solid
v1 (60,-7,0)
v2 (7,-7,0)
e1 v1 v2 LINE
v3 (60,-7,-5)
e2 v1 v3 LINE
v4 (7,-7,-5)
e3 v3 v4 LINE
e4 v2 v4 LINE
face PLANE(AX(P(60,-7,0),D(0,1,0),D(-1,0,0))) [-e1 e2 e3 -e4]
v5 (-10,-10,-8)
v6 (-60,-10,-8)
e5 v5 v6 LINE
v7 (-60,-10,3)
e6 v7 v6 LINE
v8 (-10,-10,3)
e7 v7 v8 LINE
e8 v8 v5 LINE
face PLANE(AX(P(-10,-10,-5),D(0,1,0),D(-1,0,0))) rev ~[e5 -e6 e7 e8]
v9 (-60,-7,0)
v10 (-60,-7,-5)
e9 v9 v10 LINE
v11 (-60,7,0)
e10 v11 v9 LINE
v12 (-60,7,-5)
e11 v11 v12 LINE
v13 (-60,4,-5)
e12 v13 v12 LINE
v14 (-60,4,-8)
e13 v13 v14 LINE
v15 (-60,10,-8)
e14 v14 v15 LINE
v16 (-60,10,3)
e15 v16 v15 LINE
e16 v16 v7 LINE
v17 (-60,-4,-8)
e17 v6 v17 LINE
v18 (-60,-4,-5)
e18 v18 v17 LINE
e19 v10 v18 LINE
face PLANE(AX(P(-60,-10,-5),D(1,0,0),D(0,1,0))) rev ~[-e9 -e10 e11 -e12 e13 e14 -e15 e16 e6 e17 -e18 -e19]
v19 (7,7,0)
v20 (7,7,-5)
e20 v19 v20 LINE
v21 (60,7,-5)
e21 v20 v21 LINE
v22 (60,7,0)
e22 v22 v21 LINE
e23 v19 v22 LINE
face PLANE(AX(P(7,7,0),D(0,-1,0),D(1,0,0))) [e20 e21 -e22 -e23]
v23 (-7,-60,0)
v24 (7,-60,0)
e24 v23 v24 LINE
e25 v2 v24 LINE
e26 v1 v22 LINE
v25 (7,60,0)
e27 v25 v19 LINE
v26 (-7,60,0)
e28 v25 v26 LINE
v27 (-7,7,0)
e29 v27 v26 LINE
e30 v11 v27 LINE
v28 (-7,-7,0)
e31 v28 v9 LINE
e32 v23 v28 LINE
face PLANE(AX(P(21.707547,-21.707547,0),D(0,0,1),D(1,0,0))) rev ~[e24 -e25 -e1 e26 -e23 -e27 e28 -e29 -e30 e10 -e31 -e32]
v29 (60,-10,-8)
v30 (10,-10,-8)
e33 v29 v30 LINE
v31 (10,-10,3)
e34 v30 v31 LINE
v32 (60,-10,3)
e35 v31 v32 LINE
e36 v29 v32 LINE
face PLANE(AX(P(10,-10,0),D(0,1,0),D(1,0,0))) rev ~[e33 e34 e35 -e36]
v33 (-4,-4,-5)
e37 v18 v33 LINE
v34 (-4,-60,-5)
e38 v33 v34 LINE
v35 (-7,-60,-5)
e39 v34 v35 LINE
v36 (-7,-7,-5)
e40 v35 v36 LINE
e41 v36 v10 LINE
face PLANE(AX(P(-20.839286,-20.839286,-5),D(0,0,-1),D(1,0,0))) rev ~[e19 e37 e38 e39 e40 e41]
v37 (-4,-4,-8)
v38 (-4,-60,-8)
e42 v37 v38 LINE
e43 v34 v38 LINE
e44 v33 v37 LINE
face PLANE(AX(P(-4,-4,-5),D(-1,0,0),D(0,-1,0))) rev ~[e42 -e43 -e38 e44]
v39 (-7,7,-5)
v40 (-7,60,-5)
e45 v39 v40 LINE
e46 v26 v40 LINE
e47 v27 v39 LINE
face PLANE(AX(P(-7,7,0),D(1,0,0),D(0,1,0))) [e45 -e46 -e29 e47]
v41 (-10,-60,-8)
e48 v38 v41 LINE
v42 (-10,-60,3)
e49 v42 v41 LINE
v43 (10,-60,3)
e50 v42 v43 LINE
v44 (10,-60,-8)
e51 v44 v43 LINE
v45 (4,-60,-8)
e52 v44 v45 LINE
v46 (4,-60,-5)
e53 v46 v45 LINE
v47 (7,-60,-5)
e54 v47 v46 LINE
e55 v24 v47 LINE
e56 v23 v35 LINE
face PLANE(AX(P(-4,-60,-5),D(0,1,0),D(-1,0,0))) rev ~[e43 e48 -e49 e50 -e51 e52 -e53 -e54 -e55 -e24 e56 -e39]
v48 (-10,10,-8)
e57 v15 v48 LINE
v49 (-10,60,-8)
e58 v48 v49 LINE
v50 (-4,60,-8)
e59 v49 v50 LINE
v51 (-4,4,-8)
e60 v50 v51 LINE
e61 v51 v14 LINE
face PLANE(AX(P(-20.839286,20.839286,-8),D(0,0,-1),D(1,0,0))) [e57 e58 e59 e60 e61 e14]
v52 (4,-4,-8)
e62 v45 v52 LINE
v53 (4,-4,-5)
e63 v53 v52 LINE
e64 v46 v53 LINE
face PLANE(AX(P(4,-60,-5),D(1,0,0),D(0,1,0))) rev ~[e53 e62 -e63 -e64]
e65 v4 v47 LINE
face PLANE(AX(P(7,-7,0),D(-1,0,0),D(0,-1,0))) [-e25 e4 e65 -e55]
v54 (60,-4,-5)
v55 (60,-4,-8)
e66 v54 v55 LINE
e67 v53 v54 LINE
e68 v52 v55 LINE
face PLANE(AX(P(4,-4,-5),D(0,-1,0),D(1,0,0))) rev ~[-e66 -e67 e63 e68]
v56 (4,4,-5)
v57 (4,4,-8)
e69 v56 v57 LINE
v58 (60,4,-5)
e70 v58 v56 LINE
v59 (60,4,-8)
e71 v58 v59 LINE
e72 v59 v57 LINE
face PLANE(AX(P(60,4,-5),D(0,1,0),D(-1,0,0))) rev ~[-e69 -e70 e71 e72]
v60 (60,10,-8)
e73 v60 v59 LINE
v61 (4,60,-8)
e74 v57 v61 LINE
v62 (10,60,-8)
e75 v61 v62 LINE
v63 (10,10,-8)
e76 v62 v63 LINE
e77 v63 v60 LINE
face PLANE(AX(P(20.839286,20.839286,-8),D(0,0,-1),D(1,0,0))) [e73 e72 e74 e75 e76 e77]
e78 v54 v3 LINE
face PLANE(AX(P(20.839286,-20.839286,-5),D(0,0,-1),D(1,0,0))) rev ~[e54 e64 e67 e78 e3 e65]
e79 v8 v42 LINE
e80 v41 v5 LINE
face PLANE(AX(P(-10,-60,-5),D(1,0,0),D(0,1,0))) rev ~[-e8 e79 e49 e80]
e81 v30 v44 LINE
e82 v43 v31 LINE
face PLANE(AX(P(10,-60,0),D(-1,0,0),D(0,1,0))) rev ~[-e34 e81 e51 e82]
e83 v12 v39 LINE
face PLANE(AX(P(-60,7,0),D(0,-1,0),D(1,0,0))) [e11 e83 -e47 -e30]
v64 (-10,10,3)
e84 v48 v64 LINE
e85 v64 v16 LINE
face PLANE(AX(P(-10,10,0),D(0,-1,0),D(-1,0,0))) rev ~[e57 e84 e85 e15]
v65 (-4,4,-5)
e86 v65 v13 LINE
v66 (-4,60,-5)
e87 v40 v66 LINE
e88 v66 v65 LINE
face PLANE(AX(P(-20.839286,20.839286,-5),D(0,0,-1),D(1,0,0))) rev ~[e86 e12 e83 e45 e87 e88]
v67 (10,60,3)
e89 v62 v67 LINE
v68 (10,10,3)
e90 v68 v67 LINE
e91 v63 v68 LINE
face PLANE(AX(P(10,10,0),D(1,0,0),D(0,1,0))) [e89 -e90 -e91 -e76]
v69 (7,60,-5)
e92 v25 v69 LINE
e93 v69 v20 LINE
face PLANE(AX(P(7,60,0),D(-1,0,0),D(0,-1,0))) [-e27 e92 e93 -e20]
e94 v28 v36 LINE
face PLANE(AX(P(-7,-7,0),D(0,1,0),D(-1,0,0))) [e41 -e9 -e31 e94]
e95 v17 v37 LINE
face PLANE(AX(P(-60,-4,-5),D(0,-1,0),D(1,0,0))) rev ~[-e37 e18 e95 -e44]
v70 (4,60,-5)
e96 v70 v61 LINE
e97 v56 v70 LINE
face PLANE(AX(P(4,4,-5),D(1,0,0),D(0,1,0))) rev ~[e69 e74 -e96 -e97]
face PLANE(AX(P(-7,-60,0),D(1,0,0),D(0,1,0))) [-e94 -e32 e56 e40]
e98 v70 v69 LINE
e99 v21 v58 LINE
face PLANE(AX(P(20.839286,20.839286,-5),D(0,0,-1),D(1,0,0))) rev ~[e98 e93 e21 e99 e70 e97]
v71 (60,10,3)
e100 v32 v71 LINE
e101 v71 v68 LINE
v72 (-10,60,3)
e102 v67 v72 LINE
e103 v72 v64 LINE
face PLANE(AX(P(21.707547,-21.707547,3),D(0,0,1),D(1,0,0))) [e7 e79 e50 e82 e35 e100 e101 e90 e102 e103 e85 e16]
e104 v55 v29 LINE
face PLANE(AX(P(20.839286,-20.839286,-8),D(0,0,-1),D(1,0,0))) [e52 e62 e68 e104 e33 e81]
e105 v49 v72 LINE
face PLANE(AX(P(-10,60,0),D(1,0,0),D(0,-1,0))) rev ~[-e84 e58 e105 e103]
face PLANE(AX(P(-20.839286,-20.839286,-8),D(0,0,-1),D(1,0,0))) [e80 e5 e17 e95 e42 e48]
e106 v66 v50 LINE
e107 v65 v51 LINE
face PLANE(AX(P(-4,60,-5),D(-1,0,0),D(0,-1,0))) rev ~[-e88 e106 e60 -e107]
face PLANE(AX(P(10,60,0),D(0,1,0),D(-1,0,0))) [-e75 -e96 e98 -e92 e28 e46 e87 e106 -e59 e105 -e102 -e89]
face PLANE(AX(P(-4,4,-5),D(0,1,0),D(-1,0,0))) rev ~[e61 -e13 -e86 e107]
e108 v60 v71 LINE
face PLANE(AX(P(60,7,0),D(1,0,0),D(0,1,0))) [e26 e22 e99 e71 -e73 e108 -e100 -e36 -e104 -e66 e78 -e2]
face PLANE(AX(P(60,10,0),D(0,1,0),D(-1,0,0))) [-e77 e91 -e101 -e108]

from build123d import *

# Parameters (mm, degrees)
F1_DEPTH = 3
F2_DEPTH = 5
F4_DEPTH = 3


with BuildPart() as f1:
    # F0 (on Top) → F1 (new body)
    with BuildSketch(Plane.XY):
        Polygon((7, -60), (10, -60), (10, -10), (60, -10), (60, -7), (7, -7), align=None)
        Polygon((-7, -60), (7, -60), (7, -7), (60, -7), (60, 7), (7, 7), (7, 60), (-7, 60), (-7, 7), (-60, 7), (-60, -7), (-7, -7), align=None)
        Polygon((-10, -60), (-7, -60), (-7, -7), (-60, -7), (-60, -10), (-10, -10), align=None)
        Polygon((7, 7), (60, 7), (60, 10), (10, 10), (10, 60), (7, 60), align=None)
        Polygon((-60, 10), (-60, 7), (-7, 7), (-7, 60), (-10, 60), (-10, 10), align=None)
    extrude(amount=F1_DEPTH)

    # F0 (on Top) → F2 (join)
    with BuildSketch(Plane.XY):
        Polygon((7, 7), (60, 7), (60, 10), (10, 10), (10, 60), (7, 60), align=None)
        Polygon((-60, 10), (-60, 7), (-7, 7), (-7, 60), (-10, 60), (-10, 10), align=None)
        Polygon((-10, -60), (-7, -60), (-7, -7), (-60, -7), (-60, -10), (-10, -10), align=None)
        Polygon((7, -60), (10, -60), (10, -10), (60, -10), (60, -7), (7, -7), align=None)
    extrude(amount=-F2_DEPTH)

    # F3 (on face) → F4 (join)
    with BuildSketch(Plane(origin=(0, 0, -5), x_dir=(1, 0, 0), z_dir=(0, 0, -1))):
        Polygon((-4, 60), (-10, 60), (-10, 10), (-60, 10), (-60, 4), (-10, 4), (-4, 4), (-4, 10), align=None)
        Polygon((10, 10), (10, 60), (4, 60), (4, 10), (4, 4), (10, 4), (60, 4), (60, 10), align=None)
        Polygon((60, -4), (10, -4), (4, -4), (4, -10), (4, -60), (10, -60), (10, -10), (60, -10), align=None)
        Polygon((-10, -10), (-10, -60), (-4, -60), (-4, -10), (-4, -4), (-10, -4), (-60, -4), (-60, -10), align=None)
    extrude(amount=F4_DEPTH)


solid = f1.part
